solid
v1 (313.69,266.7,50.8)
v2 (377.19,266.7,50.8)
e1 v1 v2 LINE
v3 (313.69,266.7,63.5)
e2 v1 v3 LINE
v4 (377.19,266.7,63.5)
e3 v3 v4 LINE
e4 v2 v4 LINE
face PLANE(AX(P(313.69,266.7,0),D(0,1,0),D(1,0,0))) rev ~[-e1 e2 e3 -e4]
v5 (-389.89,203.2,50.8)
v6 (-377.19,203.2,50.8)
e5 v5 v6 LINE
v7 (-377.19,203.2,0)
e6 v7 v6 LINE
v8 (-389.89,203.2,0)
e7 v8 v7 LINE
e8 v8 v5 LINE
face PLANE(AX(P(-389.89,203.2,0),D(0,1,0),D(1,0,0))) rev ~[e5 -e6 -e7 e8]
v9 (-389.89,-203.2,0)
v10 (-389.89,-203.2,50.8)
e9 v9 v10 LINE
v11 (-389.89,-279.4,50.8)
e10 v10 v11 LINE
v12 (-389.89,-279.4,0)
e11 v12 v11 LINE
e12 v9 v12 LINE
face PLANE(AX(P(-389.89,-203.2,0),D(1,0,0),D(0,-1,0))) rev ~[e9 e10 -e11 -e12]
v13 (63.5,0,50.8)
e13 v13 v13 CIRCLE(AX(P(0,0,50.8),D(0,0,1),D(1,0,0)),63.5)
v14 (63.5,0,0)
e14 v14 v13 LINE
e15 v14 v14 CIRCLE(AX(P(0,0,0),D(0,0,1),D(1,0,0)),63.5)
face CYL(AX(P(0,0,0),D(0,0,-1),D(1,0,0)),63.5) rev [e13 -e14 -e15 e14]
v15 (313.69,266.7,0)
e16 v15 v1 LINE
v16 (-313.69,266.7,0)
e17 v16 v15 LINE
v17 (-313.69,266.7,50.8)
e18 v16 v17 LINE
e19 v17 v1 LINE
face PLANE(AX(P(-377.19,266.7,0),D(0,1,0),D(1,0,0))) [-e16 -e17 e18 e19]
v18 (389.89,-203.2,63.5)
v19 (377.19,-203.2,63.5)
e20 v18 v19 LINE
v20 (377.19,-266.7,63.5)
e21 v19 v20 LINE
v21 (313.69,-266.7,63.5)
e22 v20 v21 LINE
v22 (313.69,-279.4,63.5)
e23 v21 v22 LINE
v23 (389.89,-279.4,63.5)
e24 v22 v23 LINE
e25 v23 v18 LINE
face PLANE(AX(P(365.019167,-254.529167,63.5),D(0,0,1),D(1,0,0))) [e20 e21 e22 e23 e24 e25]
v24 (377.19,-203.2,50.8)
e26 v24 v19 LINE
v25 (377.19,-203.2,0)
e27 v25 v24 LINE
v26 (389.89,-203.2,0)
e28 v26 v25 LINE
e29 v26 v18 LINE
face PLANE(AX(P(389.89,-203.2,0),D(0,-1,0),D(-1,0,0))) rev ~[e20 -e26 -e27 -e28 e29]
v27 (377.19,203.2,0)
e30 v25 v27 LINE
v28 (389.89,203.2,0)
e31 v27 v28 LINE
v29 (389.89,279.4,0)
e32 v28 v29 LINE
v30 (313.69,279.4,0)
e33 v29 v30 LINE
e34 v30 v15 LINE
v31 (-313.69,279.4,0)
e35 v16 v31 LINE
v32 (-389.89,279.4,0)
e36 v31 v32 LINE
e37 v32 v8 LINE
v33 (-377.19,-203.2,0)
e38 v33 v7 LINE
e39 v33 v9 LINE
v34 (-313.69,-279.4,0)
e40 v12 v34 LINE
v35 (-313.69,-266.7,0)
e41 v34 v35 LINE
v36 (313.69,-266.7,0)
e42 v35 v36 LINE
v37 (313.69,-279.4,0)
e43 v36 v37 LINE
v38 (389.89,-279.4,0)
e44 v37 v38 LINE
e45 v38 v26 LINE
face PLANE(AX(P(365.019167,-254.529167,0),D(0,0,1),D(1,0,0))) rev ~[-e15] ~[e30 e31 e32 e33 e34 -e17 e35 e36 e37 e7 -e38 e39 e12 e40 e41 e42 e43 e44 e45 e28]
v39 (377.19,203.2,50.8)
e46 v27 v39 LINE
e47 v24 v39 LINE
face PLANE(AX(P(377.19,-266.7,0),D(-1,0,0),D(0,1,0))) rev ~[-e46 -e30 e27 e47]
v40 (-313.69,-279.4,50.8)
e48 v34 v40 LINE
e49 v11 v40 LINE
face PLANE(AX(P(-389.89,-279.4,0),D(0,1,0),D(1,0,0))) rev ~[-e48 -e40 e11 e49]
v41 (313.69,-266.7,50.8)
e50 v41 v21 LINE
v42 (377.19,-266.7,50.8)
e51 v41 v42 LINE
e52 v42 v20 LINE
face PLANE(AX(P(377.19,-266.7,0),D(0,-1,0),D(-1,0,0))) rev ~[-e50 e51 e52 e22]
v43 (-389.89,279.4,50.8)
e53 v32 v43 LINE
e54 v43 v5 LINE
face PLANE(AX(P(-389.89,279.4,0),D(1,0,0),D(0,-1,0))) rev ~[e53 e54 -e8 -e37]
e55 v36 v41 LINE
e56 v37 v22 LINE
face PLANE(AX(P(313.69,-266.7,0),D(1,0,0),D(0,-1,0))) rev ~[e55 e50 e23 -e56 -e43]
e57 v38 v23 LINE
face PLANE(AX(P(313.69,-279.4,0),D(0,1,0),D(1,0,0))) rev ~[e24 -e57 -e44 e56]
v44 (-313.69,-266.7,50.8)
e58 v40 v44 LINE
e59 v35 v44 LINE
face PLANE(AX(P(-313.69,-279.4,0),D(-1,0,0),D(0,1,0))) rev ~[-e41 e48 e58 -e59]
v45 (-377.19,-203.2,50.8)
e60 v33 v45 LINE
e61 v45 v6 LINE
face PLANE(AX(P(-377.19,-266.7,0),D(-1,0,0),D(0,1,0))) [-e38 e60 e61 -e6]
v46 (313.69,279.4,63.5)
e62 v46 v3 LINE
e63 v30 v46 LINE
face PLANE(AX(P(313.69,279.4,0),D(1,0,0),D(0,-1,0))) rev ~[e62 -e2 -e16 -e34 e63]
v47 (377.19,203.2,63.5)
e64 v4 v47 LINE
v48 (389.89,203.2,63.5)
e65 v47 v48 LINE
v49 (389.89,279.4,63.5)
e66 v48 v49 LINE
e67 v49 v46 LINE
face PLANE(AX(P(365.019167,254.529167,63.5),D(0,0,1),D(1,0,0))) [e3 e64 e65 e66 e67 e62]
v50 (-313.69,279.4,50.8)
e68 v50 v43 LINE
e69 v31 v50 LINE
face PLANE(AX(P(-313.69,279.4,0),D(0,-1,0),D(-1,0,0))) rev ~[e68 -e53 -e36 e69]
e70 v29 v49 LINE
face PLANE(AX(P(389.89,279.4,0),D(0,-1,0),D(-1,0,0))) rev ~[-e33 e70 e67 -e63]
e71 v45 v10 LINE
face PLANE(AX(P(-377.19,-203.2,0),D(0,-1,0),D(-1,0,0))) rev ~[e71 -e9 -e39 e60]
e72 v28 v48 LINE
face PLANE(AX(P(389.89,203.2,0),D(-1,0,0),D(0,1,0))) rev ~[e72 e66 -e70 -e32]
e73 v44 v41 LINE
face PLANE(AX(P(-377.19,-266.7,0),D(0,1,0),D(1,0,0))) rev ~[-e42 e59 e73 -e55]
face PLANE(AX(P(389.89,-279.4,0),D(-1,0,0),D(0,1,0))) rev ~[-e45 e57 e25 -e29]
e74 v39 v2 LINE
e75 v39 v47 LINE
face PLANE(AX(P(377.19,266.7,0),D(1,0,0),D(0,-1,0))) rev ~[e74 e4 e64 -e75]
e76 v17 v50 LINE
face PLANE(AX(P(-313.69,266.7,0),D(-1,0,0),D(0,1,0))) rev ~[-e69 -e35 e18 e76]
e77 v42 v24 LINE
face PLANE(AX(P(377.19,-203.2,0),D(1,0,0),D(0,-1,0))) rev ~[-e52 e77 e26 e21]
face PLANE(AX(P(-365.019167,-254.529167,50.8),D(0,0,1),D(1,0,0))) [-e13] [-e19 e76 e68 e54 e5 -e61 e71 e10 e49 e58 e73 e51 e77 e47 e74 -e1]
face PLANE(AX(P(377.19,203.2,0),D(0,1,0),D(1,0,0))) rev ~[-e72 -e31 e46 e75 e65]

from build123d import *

# Parameters (mm, degrees)
F0_W     = 754.38
F0_H     = 533.4
F0_R     = 63.5
F2_DEPTH = 50.8
F3_DEPTH = 50.8
F4_DEPTH = 63.5


with BuildPart() as f2:
    # F0 (on Top) → F2 (new body)
    with BuildSketch(Plane.XY):
        Rectangle(F0_W, F0_H)
        Circle(F0_R, mode=Mode.SUBTRACT)
    extrude(amount=F2_DEPTH)

    # F1 (on Top) → F3 (join, through all)
    with BuildSketch(Plane.XY):
        Polygon((-389.89, -279.4), (-313.69, -279.4), (-313.69, -266.7), (-377.19, -266.7), (-377.19, -203.2), (-389.89, -203.2), align=None)
        Polygon((-313.69, 266.7), (-313.69, 279.4), (-389.89, 279.4), (-389.89, 203.2), (-377.19, 203.2), (-377.19, 266.7), align=None)
    extrude(amount=F3_DEPTH)

    # F1 (on Top) → F4 (join)
    with BuildSketch(Plane.XY):
        Polygon((389.89, -203.2), (377.19, -203.2), (377.19, -266.7), (313.69, -266.7), (313.69, -279.4), (389.89, -279.4), align=None)
        Polygon((377.19, 266.7), (377.19, 203.2), (389.89, 203.2), (389.89, 279.4), (313.69, 279.4), (313.69, 266.7), align=None)
    extrude(amount=F4_DEPTH)


solid = f2.part
